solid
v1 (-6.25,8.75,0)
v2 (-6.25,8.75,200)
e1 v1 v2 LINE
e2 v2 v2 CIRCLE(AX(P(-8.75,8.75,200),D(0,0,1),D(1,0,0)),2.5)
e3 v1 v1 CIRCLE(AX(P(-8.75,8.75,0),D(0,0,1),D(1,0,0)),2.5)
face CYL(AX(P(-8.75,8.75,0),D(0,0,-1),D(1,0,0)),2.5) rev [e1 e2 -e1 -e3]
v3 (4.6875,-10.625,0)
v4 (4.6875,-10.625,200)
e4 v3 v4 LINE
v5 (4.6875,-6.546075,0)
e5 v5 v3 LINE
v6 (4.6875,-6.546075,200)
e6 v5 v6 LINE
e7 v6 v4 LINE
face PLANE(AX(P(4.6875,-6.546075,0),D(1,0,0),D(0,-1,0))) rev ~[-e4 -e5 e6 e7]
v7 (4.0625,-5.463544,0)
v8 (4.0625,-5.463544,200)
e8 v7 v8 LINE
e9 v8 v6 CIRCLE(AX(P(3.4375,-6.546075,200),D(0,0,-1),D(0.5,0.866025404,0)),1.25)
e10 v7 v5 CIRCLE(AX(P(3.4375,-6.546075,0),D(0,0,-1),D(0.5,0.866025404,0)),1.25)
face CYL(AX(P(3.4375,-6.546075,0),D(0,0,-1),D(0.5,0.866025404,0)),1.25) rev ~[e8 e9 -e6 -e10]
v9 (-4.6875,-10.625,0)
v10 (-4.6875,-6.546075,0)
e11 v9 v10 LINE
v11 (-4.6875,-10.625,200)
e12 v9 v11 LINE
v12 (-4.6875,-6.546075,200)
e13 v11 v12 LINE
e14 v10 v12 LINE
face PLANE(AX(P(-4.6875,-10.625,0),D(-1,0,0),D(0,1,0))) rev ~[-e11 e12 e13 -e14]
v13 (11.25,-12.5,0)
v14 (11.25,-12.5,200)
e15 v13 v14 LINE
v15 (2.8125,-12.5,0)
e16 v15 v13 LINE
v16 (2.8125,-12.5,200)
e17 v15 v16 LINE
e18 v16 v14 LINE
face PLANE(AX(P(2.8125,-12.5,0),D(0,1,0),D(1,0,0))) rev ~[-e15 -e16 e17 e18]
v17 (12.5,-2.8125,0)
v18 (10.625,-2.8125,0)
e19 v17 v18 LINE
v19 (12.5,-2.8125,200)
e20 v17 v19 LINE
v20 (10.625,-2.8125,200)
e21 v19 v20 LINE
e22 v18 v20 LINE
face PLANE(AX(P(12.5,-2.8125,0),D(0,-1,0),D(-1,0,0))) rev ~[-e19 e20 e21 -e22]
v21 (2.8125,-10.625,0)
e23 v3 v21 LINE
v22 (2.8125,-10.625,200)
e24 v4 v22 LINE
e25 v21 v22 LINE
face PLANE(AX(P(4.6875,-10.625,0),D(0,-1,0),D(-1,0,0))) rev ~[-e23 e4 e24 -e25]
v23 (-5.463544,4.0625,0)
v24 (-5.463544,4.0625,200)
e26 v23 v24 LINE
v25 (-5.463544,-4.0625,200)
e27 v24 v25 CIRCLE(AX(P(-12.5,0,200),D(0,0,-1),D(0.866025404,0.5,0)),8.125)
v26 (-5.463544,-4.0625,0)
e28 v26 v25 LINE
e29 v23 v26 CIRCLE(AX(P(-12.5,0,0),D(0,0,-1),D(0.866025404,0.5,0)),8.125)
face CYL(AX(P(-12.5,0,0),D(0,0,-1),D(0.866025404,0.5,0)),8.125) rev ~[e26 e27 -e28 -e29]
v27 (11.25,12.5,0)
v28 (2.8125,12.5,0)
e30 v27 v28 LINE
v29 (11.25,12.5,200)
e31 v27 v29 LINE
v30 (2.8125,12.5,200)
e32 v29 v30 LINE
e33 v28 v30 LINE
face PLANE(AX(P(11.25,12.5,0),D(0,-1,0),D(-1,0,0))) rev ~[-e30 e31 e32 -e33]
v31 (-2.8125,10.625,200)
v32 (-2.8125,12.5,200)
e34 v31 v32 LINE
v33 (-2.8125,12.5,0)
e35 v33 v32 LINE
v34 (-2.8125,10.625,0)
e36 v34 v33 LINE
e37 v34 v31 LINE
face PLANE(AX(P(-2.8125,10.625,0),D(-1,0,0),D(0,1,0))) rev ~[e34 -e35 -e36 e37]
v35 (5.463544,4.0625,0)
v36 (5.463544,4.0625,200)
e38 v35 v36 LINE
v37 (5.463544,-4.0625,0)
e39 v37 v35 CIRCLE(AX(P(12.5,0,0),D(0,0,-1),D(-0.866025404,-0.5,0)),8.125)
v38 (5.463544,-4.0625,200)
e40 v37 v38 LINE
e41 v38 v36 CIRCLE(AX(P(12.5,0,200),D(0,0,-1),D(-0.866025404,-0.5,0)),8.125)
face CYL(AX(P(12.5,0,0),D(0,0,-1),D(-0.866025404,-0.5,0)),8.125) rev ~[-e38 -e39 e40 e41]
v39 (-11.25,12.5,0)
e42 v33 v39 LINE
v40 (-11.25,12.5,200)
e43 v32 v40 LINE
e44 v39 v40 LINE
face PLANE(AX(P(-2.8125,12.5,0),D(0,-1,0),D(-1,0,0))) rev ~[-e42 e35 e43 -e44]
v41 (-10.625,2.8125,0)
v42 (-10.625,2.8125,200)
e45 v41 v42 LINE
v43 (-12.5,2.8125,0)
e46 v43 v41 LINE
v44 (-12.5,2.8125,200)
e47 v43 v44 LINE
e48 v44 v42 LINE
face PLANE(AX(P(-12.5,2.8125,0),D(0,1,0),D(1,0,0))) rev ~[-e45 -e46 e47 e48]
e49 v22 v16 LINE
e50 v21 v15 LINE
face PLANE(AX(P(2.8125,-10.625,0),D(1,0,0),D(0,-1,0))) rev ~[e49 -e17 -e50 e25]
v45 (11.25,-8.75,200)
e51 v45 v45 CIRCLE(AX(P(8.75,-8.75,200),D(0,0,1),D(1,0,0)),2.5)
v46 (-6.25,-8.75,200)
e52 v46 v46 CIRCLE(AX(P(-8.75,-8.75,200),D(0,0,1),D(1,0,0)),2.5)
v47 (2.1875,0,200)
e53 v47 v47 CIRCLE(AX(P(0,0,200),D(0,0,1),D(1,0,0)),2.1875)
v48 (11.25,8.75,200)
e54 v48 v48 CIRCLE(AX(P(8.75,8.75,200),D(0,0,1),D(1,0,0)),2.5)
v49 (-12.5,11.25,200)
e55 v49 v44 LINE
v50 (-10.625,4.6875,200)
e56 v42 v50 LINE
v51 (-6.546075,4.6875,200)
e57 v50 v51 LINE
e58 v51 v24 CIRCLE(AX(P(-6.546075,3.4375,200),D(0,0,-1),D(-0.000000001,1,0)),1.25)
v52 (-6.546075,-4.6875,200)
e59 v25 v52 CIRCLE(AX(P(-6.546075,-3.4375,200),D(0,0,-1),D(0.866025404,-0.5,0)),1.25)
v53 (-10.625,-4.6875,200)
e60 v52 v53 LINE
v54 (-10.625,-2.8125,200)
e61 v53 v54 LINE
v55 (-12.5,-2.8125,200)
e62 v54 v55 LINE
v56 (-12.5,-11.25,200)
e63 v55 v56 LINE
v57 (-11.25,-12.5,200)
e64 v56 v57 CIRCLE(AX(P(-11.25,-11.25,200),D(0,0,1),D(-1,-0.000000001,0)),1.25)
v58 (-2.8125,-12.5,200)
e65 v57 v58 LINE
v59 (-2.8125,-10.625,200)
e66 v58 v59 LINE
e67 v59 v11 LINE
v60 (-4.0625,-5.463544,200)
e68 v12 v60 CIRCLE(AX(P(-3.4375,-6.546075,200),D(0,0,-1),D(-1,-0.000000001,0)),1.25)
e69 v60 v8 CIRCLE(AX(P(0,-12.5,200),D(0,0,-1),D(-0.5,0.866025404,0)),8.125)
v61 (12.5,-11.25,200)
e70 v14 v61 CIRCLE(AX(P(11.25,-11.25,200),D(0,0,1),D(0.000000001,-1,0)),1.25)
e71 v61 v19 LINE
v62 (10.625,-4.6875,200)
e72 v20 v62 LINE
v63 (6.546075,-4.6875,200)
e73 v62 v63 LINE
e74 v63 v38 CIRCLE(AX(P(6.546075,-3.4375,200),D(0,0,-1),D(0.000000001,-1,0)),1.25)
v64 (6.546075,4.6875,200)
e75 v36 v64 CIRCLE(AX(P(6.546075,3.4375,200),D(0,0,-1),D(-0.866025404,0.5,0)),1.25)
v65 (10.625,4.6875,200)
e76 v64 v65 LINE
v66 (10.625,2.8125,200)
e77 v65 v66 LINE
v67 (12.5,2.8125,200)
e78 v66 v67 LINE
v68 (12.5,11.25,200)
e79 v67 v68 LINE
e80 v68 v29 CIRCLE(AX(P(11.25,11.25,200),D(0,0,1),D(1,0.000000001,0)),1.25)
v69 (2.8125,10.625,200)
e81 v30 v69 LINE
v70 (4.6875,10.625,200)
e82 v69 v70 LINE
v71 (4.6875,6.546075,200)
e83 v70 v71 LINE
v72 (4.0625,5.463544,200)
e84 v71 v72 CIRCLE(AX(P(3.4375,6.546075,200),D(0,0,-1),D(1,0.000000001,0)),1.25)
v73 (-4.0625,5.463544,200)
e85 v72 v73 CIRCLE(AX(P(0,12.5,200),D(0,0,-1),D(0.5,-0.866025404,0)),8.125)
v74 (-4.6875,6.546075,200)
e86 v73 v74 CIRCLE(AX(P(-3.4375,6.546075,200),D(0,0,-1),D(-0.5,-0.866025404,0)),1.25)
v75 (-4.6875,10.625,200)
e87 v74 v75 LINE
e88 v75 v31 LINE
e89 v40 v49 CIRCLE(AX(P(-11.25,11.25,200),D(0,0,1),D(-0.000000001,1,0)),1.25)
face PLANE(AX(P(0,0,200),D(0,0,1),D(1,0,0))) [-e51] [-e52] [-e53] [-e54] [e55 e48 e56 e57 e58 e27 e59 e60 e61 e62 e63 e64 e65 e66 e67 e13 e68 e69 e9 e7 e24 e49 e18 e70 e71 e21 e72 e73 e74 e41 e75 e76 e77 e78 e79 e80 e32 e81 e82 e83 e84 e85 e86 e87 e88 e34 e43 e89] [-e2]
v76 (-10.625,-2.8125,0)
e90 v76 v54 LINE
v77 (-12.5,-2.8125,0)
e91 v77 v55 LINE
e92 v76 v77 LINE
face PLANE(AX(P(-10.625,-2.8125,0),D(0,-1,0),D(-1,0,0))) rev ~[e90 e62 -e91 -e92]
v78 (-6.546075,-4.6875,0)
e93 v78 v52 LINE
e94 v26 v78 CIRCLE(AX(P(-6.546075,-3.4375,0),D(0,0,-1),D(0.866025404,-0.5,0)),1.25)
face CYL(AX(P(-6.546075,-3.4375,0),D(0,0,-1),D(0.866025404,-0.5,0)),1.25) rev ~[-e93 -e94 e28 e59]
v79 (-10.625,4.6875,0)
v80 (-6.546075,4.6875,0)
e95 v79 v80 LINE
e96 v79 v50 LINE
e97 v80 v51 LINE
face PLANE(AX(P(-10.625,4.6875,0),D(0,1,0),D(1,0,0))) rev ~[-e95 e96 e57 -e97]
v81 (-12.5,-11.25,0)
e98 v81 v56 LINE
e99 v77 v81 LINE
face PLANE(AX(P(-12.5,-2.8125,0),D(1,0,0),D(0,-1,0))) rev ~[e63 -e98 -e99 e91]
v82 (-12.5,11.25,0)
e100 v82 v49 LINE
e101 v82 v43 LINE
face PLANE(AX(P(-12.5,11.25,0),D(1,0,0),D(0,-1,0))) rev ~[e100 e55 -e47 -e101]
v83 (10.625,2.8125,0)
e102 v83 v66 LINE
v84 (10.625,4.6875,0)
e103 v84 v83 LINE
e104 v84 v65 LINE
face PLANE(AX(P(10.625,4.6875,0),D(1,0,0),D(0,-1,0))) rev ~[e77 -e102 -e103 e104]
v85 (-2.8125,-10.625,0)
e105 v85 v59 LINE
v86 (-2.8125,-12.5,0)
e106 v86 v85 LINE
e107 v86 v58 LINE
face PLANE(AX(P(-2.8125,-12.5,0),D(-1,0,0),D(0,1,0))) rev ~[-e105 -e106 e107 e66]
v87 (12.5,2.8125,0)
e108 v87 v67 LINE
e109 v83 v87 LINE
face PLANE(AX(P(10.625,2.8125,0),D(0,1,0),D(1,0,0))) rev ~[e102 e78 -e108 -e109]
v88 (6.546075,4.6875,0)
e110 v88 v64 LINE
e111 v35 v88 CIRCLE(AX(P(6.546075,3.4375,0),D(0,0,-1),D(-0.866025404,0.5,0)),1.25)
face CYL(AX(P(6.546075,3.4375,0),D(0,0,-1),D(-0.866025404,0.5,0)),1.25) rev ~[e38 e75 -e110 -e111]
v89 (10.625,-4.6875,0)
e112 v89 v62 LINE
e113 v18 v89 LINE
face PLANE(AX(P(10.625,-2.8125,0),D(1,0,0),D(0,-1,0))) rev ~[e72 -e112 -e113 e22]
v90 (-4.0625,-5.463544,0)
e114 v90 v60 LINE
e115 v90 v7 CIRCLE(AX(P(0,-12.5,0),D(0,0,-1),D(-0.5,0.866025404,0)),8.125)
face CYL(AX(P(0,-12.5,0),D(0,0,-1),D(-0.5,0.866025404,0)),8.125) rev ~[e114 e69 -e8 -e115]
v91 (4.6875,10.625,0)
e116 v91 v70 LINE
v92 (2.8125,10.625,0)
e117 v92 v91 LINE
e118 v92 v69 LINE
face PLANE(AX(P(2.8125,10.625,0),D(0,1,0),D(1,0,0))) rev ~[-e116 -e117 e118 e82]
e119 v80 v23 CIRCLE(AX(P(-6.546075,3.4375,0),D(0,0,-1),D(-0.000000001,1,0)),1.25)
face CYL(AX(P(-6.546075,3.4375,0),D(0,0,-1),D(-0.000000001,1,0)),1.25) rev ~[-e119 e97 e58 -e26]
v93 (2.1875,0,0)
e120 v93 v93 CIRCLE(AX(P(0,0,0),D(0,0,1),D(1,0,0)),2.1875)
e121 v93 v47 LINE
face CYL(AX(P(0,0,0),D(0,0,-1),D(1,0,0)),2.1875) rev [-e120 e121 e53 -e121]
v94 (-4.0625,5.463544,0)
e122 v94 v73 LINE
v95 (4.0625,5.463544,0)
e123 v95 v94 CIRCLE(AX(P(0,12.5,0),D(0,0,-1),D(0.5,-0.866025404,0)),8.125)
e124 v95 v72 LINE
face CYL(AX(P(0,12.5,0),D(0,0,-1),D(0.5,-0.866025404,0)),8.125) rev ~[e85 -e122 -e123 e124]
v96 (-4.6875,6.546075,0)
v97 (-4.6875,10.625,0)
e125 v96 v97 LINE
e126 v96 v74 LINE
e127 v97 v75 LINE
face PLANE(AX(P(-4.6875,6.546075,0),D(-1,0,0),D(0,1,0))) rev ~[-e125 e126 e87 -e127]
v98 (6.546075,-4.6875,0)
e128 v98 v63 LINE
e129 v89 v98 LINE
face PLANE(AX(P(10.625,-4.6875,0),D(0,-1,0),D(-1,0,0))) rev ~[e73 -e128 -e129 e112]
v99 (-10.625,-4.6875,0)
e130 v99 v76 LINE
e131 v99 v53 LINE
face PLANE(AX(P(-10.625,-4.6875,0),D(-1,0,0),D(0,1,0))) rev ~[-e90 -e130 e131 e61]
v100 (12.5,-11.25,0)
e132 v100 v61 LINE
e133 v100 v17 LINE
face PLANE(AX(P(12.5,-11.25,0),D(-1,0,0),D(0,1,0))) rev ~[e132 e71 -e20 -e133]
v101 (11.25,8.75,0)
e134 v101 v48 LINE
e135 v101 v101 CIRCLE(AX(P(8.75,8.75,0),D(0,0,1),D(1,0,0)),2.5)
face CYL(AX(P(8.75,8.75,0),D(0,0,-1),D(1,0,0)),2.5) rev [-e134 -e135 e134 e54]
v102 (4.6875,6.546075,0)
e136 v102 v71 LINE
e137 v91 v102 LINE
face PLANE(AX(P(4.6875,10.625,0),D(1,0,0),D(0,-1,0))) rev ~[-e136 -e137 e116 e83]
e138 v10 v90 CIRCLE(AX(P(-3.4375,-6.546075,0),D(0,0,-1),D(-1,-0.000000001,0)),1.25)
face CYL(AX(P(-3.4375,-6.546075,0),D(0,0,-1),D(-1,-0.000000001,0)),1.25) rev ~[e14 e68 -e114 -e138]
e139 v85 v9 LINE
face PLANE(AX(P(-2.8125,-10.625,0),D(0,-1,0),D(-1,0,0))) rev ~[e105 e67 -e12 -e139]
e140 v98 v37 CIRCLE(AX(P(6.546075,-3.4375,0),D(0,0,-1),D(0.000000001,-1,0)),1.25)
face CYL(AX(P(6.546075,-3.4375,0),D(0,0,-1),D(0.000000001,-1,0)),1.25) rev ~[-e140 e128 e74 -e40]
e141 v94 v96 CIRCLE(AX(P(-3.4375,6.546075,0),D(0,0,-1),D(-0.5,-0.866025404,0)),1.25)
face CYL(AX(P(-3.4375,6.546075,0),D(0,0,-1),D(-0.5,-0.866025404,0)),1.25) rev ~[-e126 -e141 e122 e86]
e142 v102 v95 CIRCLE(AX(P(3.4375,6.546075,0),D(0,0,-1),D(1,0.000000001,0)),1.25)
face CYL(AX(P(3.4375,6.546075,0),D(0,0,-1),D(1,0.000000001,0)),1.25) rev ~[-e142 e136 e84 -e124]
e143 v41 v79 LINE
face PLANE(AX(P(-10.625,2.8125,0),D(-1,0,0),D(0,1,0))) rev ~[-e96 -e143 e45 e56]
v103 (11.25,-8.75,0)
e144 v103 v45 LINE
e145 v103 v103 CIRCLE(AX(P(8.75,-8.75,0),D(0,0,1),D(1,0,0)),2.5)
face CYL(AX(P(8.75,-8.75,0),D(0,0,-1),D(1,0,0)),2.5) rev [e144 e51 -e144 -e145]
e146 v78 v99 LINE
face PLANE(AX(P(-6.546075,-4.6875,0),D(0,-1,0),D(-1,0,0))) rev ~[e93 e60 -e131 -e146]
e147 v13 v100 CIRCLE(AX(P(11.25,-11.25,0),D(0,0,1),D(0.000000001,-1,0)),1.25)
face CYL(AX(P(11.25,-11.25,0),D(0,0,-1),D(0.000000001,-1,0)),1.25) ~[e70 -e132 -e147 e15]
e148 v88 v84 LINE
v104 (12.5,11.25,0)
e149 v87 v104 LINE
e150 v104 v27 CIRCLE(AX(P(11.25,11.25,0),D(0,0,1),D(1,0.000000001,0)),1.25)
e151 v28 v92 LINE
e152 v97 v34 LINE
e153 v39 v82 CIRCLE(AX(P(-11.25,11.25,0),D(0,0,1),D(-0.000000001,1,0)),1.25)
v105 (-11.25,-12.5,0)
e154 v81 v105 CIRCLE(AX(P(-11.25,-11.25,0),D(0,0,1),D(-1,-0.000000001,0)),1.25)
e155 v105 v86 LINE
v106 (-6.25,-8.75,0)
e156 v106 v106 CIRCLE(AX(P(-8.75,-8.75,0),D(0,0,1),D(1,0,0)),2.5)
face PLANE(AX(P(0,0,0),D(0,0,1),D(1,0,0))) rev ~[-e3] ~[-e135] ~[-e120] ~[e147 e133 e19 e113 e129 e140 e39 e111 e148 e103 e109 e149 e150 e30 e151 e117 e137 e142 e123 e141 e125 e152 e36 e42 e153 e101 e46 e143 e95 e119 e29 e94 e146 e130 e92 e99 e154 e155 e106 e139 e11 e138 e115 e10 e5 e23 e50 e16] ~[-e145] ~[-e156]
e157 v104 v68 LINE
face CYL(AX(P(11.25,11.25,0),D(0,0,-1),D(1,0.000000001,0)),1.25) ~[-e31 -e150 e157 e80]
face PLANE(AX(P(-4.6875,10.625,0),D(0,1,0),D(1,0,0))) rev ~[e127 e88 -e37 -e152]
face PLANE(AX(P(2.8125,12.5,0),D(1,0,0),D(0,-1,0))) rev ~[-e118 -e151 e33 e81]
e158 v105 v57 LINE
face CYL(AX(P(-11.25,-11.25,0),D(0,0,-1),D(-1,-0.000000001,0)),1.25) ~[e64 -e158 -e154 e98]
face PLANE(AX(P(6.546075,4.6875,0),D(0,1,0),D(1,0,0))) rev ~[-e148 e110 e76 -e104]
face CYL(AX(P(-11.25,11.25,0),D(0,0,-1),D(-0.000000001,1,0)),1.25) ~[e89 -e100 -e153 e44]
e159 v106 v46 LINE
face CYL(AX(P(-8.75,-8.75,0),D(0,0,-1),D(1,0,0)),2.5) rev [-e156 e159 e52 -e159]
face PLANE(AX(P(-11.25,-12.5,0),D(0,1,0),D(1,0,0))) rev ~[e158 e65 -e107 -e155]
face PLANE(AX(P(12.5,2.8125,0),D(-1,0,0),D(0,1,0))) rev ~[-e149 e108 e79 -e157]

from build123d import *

# Parameters (mm, degrees)
SKETCH1_R           = 2.5
SKETCH1_R_2         = 2.1875
BOSS_EXTRUDE1_DEPTH = 200


with BuildPart() as part:
    # Sketch1 → Boss-Extrude1 (new body)
    with BuildSketch(Plane.XY):
        with BuildLine():
            Line((-12.5, 11.25), (-12.5, 2.8125))
            Line((-12.5, 2.8125), (-10.625, 2.8125))
            Line((-10.625, 2.8125), (-10.625, 4.6875))
            Line((-10.625, 4.6875), (-6.546075349, 4.6875))
            ThreePointArc((-6.546075349, 4.6875), (-5.921075349, 4.520031755), (-5.463543594, 4.0625))
            ThreePointArc((-5.463543594, 4.0625), (-4.375, 0), (-5.463543594, -4.0625))
            ThreePointArc((-5.463543594, -4.0625), (-5.921075349, -4.520031755), (-6.546075349, -4.6875))
            Line((-6.546075349, -4.6875), (-10.625, -4.6875))
            Line((-10.625, -4.6875), (-10.625, -2.8125))
            Line((-10.625, -2.8125), (-12.5, -2.8125))
            Line((-12.5, -2.8125), (-12.5, -11.25))
            ThreePointArc((-12.5, -11.25), (-12.133883476, -12.133883476), (-11.25, -12.5))
            Line((-11.25, -12.5), (-2.8125, -12.5))
            Line((-2.8125, -12.5), (-2.8125, -10.625))
            Line((-2.8125, -10.625), (-4.6875, -10.625))
            Line((-4.6875, -10.625), (-4.6875, -6.546075349))
            ThreePointArc((-4.6875, -6.546075349), (-4.520031755, -5.921075349), (-4.0625, -5.463543594))
            ThreePointArc((-4.0625, -5.463543594), (0, -4.375), (4.0625, -5.463543594))
            ThreePointArc((4.0625, -5.463543594), (4.520031755, -5.921075349), (4.6875, -6.546075349))
            Line((4.6875, -6.546075349), (4.6875, -10.625))
            Line((4.6875, -10.625), (2.8125, -10.625))
            Line((2.8125, -10.625), (2.8125, -12.5))
            Line((2.8125, -12.5), (11.25, -12.5))
            ThreePointArc((11.25, -12.5), (12.133883476, -12.133883476), (12.5, -11.25))
            Line((12.5, -11.25), (12.5, -2.8125))
            Line((12.5, -2.8125), (10.625, -2.8125))
            Line((10.625, -2.8125), (10.625, -4.6875))
            Line((10.625, -4.6875), (6.546075349, -4.6875))
            ThreePointArc((6.546075349, -4.6875), (5.921075349, -4.520031755), (5.463543594, -4.0625))
            ThreePointArc((5.463543594, -4.0625), (4.375, 0), (5.463543594, 4.0625))
            ThreePointArc((5.463543594, 4.0625), (5.921075349, 4.520031755), (6.546075349, 4.6875))
            Line((6.546075349, 4.6875), (10.625, 4.6875))
            Line((10.625, 4.6875), (10.625, 2.8125))
            Line((10.625, 2.8125), (12.5, 2.8125))
            Line((12.5, 2.8125), (12.5, 11.25))
            ThreePointArc((12.5, 11.25), (12.133883476, 12.133883476), (11.25, 12.5))
            Line((11.25, 12.5), (2.8125, 12.5))
            Line((2.8125, 12.5), (2.8125, 10.625))
            Line((2.8125, 10.625), (4.6875, 10.625))
            Line((4.6875, 10.625), (4.6875, 6.546075349))
            ThreePointArc((4.6875, 6.546075349), (4.520031755, 5.921075349), (4.0625, 5.463543594))
            ThreePointArc((4.0625, 5.463543594), (0, 4.375), (-4.0625, 5.463543594))
            ThreePointArc((-4.0625, 5.463543594), (-4.520031755, 5.921075349), (-4.6875, 6.546075349))
            Line((-4.6875, 6.546075349), (-4.6875, 10.625))
            Line((-4.6875, 10.625), (-2.8125, 10.625))
            Line((-2.8125, 10.625), (-2.8125, 12.5))
            Line((-2.8125, 12.5), (-11.25, 12.5))
            ThreePointArc((-11.25, 12.5), (-12.133883476, 12.133883476), (-12.5, 11.25))
        make_face()
        with Locations((-8.75, -8.75)):
            Circle(SKETCH1_R, mode=Mode.SUBTRACT)
        with Locations((8.75, -8.75)):
            Circle(SKETCH1_R, mode=Mode.SUBTRACT)
        with Locations((8.75, 8.75)):
            Circle(SKETCH1_R, mode=Mode.SUBTRACT)
        Circle(SKETCH1_R_2, mode=Mode.SUBTRACT)
        with Locations((-8.75, 8.75)):
            Circle(SKETCH1_R, mode=Mode.SUBTRACT)
    extrude(amount=BOSS_EXTRUDE1_DEPTH)


solid = part.part
